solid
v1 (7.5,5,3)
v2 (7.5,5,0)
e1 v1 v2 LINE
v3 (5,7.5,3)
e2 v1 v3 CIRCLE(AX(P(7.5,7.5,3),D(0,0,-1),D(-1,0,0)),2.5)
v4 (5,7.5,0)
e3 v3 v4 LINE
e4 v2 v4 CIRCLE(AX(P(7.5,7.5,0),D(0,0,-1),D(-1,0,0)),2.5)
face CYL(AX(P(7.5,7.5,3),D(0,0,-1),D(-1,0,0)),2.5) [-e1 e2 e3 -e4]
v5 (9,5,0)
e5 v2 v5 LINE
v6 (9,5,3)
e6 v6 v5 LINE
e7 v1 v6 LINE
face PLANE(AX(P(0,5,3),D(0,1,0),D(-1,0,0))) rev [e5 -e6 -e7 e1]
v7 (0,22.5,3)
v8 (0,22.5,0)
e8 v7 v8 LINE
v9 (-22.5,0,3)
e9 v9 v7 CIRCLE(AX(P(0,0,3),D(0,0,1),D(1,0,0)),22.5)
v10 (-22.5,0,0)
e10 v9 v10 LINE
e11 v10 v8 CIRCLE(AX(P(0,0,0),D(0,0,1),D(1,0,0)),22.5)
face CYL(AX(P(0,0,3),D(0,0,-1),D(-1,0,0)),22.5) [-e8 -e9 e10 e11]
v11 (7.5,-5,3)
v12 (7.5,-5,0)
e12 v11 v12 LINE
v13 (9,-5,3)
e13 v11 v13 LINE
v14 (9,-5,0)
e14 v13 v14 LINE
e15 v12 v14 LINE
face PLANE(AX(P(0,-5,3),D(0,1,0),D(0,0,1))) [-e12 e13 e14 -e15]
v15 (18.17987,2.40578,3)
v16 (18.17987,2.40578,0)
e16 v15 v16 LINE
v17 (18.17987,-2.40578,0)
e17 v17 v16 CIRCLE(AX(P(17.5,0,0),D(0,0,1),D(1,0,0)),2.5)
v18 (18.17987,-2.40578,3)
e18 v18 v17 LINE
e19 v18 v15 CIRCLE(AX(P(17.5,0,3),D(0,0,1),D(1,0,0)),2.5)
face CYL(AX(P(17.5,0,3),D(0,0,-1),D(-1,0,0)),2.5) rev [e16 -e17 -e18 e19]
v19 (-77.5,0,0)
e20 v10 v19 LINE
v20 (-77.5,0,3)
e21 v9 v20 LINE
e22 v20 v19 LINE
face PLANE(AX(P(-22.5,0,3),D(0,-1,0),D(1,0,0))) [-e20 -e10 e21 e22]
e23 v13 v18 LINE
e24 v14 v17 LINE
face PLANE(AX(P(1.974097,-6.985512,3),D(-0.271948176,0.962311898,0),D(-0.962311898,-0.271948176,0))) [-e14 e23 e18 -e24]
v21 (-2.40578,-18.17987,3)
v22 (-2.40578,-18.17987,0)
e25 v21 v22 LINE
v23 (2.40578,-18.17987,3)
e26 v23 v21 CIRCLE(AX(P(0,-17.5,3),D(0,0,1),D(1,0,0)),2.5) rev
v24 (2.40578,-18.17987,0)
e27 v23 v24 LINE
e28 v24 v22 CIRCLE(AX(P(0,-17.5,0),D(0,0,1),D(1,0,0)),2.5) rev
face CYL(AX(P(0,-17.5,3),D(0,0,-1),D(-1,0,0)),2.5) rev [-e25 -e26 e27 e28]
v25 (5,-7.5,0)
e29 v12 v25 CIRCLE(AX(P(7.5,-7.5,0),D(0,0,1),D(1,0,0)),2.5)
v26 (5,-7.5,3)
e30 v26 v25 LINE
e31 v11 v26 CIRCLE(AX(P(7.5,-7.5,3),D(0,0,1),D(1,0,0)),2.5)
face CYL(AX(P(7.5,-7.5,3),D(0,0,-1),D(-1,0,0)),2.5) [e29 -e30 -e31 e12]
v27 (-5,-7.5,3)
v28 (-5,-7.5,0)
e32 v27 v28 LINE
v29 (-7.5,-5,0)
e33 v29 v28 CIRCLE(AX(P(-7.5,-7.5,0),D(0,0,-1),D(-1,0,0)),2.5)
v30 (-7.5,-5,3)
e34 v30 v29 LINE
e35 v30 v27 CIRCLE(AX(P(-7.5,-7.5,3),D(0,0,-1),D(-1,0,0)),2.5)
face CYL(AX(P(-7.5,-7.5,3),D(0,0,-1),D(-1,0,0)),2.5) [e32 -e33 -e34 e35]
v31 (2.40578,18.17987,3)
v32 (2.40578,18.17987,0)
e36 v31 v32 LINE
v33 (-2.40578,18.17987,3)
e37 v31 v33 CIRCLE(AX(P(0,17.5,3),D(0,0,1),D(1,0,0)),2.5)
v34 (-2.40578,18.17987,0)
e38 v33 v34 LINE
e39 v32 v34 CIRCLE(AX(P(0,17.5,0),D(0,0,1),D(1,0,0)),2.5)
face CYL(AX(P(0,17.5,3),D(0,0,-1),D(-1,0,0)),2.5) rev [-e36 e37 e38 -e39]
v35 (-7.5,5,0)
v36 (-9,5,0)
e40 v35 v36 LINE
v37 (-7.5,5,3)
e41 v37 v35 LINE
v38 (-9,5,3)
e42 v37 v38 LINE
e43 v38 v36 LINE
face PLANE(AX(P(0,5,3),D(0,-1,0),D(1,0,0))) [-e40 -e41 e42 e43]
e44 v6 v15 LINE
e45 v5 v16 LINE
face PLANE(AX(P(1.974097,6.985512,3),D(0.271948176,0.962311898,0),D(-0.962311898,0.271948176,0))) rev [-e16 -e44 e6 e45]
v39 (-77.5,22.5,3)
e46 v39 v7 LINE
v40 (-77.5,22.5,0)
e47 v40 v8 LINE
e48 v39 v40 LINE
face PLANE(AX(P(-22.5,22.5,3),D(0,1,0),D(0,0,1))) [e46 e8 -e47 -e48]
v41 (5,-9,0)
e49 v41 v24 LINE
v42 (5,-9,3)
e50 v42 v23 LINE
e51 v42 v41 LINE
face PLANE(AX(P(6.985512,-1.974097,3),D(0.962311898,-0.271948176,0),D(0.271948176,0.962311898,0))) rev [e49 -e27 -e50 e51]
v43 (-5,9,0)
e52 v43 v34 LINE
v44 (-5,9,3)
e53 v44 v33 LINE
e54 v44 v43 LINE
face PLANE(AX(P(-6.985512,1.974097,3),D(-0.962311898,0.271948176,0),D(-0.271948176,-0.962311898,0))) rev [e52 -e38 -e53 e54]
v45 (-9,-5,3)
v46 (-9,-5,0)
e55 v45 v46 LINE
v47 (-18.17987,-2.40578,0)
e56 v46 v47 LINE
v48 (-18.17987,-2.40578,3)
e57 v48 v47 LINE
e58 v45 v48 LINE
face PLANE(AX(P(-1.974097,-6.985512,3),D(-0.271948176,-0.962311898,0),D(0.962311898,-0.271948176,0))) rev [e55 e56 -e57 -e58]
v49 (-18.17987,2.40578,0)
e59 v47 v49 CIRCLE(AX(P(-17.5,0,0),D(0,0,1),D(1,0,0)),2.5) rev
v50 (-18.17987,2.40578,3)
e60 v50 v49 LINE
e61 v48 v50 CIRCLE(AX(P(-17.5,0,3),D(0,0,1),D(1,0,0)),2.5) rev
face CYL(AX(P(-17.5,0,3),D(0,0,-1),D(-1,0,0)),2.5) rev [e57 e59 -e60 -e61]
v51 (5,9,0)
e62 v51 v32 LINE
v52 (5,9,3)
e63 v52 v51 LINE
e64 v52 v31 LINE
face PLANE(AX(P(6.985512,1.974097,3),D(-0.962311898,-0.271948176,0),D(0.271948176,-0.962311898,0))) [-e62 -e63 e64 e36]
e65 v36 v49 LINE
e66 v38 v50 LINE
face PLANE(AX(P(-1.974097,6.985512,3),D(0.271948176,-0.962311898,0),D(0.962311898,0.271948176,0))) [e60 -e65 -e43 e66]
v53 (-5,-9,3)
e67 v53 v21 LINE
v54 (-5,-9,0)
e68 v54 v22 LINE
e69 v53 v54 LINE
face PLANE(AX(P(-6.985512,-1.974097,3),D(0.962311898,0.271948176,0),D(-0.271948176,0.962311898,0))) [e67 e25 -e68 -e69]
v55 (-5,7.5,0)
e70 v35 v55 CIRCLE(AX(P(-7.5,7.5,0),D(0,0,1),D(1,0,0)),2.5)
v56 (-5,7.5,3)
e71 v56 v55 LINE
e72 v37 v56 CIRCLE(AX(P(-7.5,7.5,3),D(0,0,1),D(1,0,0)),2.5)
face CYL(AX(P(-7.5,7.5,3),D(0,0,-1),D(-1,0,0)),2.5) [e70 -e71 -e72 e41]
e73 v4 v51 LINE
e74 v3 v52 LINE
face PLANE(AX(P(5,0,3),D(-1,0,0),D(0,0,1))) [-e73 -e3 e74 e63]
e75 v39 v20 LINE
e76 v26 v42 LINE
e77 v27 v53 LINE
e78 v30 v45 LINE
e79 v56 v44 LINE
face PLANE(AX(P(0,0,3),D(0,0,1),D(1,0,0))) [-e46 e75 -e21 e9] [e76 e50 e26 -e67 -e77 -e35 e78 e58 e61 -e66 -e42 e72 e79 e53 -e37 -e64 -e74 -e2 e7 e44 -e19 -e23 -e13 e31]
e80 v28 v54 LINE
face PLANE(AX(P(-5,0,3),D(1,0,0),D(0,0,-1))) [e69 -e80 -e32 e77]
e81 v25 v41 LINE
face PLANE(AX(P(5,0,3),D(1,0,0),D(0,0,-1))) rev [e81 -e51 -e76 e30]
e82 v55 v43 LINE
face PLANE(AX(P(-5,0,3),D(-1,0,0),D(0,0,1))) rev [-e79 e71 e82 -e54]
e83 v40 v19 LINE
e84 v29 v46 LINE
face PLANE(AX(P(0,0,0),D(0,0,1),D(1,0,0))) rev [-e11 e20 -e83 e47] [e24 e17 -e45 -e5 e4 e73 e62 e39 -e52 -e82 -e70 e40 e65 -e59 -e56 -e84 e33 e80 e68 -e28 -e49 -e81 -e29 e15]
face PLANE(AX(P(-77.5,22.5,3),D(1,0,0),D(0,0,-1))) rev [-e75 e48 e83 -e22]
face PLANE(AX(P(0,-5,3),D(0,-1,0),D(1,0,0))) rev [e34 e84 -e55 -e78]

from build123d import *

# Parameters (mm, degrees)
SKETCH1_R           = 2.5
SKETCH1_W           = 55
SKETCH1_H           = 22.5
BOSS_EXTRUDE1_DEPTH = 3


with BuildPart() as part:
    # Sketch1 → Boss-Extrude1 (new body)
    # profile 1 of 7: a face of its own
    with BuildSketch(Plane.XY):
        with BuildLine():
            ThreePointArc((22.5, 0), (15.909902577, 15.909902577), (0, 22.5))
            Line((0, 22.5), (-22.5, 0))
            ThreePointArc((-22.5, 0), (-22.471786645, -1.126412439), (-22.387217335, -2.25))
            ThreePointArc((-22.387217335, -2.25), (1.126412439, -22.471786645), (22.5, 0))
        make_face()
        with BuildLine():
            ThreePointArc((-7.5, 5), (-9.267766953, 9.267766953), (-5, 7.5))
            Line((-5, 7.5), (-5, 9))
            Line((-5, 9), (-2.405779746, 18.179870439))
            ThreePointArc((-2.405779746, 18.179870439), (0, 20), (2.405779746, 18.179870439))
            Line((2.405779746, 18.179870439), (5, 9))
            Line((5, 9), (5, 7.5))
            ThreePointArc((5, 7.5), (7.5, 10), (10, 7.5))
            ThreePointArc((10, 7.5), (9.267766953, 5.732233047), (7.5, 5))
            Line((7.5, 5), (9, 5))
            Line((9, 5), (18.179870439, 2.405779746))
            ThreePointArc((18.179870439, 2.405779746), (19.493699588, 1.508363998), (20, 0))
            ThreePointArc((20, 0), (19.493699588, -1.508363998), (18.179870439, -2.405779746))
            Line((18.179870439, -2.405779746), (9, -5))
            Line((9, -5), (7.5, -5))
            ThreePointArc((7.5, -5), (9.267766953, -5.732233047), (10, -7.5))
            ThreePointArc((10, -7.5), (7.5, -10), (5, -7.5))
            Line((5, -7.5), (5, -9))
            Line((5, -9), (2.405779746, -18.179870439))
            ThreePointArc((2.405779746, -18.179870439), (0, -20), (-2.405779746, -18.179870439))
            Line((-2.405779746, -18.179870439), (-5, -9))
            Line((-5, -9), (-5, -7.5))
            ThreePointArc((-5, -7.5), (-9.267766953, -9.267766953), (-7.5, -5))
            Line((-7.5, -5), (-9, -5))
            Line((-9, -5), (-18.179870439, -2.405779746))
            ThreePointArc((-18.179870439, -2.405779746), (-20, 0), (-18.179870439, 2.405779746))
            Line((-18.179870439, 2.405779746), (-9, 5))
            Line((-9, 5), (-7.5, 5))
        make_face(mode=Mode.SUBTRACT)
    # profile 2 of 7: a face of its own
    with BuildSketch(Plane.XY):
        with Locations((-7.5, 7.5)):
            Circle(SKETCH1_R)
    # profile 3 of 7: a face of its own
    with BuildSketch(Plane.XY):
        with Locations((7.5, 7.5)):
            Circle(SKETCH1_R)
    # profile 4 of 7: a face of its own
    with BuildSketch(Plane.XY):
        with Locations((7.5, -7.5)):
            Circle(SKETCH1_R)
    # profile 5 of 7: a face of its own
    with BuildSketch(Plane.XY):
        with Locations((-7.5, -7.5)):
            Circle(SKETCH1_R)
    # profile 6 of 7: a face of its own
    with BuildSketch(Plane.XY):
        Polygon((-22.5, 22.5), (0, 22.5), (-22.5, 0), align=None)
    # profile 7 of 7: a face of its own
    with BuildSketch(Plane.XY):
        with Locations((-50, 11.25)):
            Rectangle(SKETCH1_W, SKETCH1_H)
    extrude(amount=BOSS_EXTRUDE1_DEPTH)


solid = part.part
